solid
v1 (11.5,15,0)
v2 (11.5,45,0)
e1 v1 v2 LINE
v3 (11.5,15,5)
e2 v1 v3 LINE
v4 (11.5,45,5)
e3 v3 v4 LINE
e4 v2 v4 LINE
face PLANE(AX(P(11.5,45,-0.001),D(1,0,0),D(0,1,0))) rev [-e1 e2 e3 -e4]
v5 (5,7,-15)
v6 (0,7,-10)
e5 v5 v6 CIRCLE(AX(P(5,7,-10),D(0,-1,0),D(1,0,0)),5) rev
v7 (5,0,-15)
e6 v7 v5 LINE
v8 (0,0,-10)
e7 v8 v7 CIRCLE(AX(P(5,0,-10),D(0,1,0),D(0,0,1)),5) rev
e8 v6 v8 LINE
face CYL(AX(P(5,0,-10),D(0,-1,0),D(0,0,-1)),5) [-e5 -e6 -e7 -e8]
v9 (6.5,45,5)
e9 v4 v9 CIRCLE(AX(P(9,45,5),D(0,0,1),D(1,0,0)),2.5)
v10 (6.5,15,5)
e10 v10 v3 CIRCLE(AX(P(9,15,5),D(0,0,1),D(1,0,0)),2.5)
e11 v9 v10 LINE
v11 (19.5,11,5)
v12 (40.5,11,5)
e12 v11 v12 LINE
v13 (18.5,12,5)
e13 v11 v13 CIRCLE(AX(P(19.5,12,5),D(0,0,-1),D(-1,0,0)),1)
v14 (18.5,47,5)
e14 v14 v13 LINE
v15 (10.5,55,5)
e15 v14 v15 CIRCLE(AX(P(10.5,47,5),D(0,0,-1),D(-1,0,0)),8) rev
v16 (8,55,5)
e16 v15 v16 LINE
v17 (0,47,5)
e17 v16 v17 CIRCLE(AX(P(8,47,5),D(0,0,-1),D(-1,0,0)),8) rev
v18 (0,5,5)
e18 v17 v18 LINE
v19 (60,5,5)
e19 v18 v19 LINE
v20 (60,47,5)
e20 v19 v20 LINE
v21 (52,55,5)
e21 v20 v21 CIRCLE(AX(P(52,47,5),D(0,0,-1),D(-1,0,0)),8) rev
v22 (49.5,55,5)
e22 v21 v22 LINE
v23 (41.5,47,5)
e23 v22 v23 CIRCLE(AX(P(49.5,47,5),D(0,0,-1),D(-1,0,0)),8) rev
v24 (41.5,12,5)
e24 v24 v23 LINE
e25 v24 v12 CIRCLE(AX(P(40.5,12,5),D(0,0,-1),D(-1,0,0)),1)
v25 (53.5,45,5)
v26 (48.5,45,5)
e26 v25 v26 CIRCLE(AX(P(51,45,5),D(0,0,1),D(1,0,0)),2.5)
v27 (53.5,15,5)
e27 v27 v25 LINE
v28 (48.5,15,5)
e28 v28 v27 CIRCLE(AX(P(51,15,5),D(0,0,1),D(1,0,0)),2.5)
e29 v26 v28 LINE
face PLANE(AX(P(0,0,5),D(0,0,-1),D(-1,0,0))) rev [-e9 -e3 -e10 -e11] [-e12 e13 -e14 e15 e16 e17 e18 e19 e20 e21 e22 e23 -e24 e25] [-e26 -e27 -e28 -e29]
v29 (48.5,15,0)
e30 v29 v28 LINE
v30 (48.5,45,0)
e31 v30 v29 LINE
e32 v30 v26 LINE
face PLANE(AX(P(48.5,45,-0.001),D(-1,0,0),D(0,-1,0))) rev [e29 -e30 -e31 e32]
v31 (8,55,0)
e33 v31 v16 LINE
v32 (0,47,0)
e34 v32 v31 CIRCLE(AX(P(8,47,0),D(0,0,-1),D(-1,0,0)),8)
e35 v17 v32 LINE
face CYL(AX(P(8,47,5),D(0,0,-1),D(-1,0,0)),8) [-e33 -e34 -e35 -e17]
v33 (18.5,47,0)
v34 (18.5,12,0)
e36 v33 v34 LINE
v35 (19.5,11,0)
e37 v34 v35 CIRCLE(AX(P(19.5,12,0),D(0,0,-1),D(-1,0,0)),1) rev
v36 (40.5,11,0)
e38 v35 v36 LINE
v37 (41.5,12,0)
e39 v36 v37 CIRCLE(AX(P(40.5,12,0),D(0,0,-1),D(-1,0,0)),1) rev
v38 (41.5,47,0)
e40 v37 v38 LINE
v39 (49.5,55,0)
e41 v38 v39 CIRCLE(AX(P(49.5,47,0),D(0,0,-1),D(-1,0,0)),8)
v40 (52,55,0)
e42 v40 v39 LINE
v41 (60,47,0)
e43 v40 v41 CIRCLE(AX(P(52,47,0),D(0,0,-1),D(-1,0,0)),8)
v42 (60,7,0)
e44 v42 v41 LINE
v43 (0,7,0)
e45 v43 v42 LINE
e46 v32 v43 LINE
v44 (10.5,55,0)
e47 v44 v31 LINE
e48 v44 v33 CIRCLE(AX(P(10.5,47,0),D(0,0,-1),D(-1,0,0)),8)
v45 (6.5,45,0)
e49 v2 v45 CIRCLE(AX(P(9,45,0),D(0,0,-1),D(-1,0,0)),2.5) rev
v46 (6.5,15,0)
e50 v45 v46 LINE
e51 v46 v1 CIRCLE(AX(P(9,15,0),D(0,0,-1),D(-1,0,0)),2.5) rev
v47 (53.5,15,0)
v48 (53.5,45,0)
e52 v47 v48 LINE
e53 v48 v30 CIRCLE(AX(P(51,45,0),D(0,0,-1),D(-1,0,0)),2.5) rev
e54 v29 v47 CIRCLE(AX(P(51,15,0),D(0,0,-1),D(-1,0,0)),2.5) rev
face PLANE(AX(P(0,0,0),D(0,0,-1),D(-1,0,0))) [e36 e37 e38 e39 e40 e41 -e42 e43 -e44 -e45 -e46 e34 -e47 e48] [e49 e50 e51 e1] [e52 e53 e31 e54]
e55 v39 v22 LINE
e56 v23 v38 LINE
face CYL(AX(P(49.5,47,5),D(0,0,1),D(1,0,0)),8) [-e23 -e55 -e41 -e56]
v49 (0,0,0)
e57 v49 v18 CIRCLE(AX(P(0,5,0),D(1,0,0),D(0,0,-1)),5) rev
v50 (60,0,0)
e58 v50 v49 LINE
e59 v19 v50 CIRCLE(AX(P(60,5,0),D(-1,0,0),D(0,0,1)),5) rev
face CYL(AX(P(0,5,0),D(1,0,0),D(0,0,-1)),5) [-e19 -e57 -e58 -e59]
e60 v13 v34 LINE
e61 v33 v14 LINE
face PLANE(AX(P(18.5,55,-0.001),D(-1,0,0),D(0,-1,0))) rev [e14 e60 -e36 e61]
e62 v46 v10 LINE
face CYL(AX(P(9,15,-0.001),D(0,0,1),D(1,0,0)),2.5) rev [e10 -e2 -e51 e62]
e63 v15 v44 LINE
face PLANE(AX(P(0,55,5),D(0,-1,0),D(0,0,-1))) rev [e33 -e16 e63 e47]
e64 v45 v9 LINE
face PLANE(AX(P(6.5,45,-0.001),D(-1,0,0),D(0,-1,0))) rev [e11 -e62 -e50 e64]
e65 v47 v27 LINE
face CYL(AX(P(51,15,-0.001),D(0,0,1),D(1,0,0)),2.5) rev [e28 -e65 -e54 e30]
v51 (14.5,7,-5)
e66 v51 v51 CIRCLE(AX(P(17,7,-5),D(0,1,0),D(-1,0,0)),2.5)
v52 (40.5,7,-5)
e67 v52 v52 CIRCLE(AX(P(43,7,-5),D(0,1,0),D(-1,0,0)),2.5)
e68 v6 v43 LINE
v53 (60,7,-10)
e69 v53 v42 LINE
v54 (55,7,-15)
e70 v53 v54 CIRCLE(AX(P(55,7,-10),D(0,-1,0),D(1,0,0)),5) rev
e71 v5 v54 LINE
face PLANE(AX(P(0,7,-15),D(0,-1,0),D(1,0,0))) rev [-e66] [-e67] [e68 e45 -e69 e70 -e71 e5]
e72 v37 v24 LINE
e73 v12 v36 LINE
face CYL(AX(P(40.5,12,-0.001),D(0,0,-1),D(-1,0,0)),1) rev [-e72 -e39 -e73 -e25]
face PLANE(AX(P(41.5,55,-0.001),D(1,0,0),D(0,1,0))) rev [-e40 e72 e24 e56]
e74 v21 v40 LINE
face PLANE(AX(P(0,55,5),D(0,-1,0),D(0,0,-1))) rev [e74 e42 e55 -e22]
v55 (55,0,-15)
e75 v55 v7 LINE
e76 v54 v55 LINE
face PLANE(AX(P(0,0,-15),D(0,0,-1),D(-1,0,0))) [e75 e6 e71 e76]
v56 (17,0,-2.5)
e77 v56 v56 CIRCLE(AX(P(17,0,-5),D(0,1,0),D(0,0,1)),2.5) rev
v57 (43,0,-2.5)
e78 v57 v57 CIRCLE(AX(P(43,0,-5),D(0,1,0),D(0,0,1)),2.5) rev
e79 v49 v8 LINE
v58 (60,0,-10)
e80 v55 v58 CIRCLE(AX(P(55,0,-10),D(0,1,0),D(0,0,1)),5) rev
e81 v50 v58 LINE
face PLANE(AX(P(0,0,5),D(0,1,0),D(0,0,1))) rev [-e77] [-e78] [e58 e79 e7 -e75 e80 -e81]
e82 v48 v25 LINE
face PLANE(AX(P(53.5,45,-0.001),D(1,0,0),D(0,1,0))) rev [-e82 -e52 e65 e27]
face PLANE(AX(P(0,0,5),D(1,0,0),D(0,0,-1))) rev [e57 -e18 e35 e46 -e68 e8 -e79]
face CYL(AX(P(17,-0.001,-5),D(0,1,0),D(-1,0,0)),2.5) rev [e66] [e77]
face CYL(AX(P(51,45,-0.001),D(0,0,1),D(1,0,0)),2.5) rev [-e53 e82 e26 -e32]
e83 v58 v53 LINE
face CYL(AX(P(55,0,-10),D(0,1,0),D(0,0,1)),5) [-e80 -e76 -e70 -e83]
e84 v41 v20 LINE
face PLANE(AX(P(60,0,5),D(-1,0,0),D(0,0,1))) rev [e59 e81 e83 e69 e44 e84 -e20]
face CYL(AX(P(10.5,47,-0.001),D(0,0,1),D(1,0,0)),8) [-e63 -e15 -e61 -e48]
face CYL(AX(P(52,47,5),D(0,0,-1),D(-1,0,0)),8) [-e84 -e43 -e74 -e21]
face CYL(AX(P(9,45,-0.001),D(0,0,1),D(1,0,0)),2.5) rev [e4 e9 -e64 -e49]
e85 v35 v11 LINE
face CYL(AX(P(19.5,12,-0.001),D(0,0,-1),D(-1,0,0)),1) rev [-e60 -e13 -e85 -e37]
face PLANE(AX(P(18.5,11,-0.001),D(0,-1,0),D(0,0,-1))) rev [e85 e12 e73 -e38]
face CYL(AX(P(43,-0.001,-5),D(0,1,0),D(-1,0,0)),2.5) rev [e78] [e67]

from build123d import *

# Parameters (mm, degrees)
SKETCH1_W           = 60
SKETCH1_H           = 55
BOSS_EXTRUDE1_DEPTH = 5
CUT_EXTRUDE1_REACH  = 83.548
SKETCH2_W           = 23
SKETCH2_H           = 44
SKETCH3_W           = 60
SKETCH3_H           = 7
BOSS_EXTRUDE2_DEPTH = 15
CUT_EXTRUDE2_REACH  = 80.288
SKETCH4_R           = 2.5
FILLET1_R           = 8
FILLET2_R           = 5
FILLET3_R           = 5
FILLET4_R           = 1


with BuildPart() as part:
    # Sketch1 → Boss-Extrude1 (new body)
    with BuildSketch(Plane.XY):
        with Locations((30, 27.5)):
            Rectangle(SKETCH1_W, SKETCH1_H)
    extrude(amount=BOSS_EXTRUDE1_DEPTH)

    # Sketch2 → Cut-Extrude1 (cut, up to next)
    with BuildSketch(Plane.XY.offset(5), mode=Mode.PRIVATE) as cut_extrude1_sk1:
        with BuildLine():
            Line((11.5, 45), (11.5, 15))
            ThreePointArc((11.5, 15), (9, 12.5), (6.5, 15))
            Line((6.5, 15), (6.5, 45))
            ThreePointArc((6.5, 45), (9, 47.5), (11.5, 45))
        make_face()
    cut_extrude1_tool1 = extrude(cut_extrude1_sk1.sketch, amount=-CUT_EXTRUDE1_REACH, mode=Mode.PRIVATE) & part.part
    # Sketch2 → Cut-Extrude1 (cut, up to next)
    with BuildSketch(Plane.XY.offset(5), mode=Mode.PRIVATE) as cut_extrude1_sk2:
        with BuildLine():
            Line((53.5, 45), (53.5, 15))
            ThreePointArc((53.5, 15), (51, 12.5), (48.5, 15))
            Line((48.5, 15), (48.5, 45))
            ThreePointArc((48.5, 45), (51, 47.5), (53.5, 45))
        make_face()
    cut_extrude1_tool2 = extrude(cut_extrude1_sk2.sketch, amount=-CUT_EXTRUDE1_REACH, mode=Mode.PRIVATE) & part.part
    # Sketch2 → Cut-Extrude1 (cut, up to next)
    with BuildSketch(Plane.XY.offset(5), mode=Mode.PRIVATE) as cut_extrude1_sk3:
        with Locations((30, 33)):
            Rectangle(SKETCH2_W, SKETCH2_H)
    cut_extrude1_tool3 = extrude(cut_extrude1_sk3.sketch, amount=-CUT_EXTRUDE1_REACH, mode=Mode.PRIVATE) & part.part
    add(cut_extrude1_tool1.solids().sort_by_distance((9, 30, 5))[0], mode=Mode.SUBTRACT)
    add(cut_extrude1_tool2.solids().sort_by_distance((51, 30, 5))[0], mode=Mode.SUBTRACT)
    add(cut_extrude1_tool3.solids().sort_by_distance((30, 33, 5))[0], mode=Mode.SUBTRACT)

    # Sketch3 → Boss-Extrude2 (add)
    with BuildSketch(Plane(origin=(0, 0, 0), x_dir=(-1, 0, 0), z_dir=(0, 0, -1))):
        with Locations((-30, 3.5)):
            Rectangle(SKETCH3_W, SKETCH3_H)
    extrude(amount=BOSS_EXTRUDE2_DEPTH)

    # Sketch4 → Cut-Extrude2 (cut, up to next)
    with BuildSketch(Plane(origin=(0, 7, 0), x_dir=(1, 0, 0), z_dir=(0, 1, 0)), mode=Mode.PRIVATE) as cut_extrude2_sk1:
        with Locations(Location((17, 5, 0), (0, 0, 180))):
            Circle(SKETCH4_R)
    cut_extrude2_tool1 = extrude(cut_extrude2_sk1.sketch, amount=-CUT_EXTRUDE2_REACH, mode=Mode.PRIVATE) & part.part
    # Sketch4 → Cut-Extrude2 (cut, up to next)
    with BuildSketch(Plane(origin=(0, 7, 0), x_dir=(1, 0, 0), z_dir=(0, 1, 0)), mode=Mode.PRIVATE) as cut_extrude2_sk2:
        with Locations(Location((43, 5, 0), (0, 0, 180))):
            Circle(SKETCH4_R)
    cut_extrude2_tool2 = extrude(cut_extrude2_sk2.sketch, amount=-CUT_EXTRUDE2_REACH, mode=Mode.PRIVATE) & part.part
    add(cut_extrude2_tool1.solids().sort_by_distance((17, 7, -5))[0], mode=Mode.SUBTRACT)
    add(cut_extrude2_tool2.solids().sort_by_distance((43, 7, -5))[0], mode=Mode.SUBTRACT)

    # Fillet1
    fillet1_edges = [part.edges().sort_by_distance(p)[0] for p in [
        (18.5, 55, 2.5),
        (41.5, 55, 2.5),
        (0, 55, 2.5),
        (60, 55, 2.5),
    ]]
    fillet(fillet1_edges, radius=FILLET1_R)

    # Fillet2
    fillet2_edges = [part.edges().sort_by_distance(p)[0] for p in [
        (0, 3.5, -15),
        (60, 3.5, -15),
    ]]
    fillet(fillet2_edges, radius=FILLET2_R)

    # Fillet3
    fillet3_edges = [part.edges().sort_by_distance(p)[0] for p in [
        (30, 0, 5),
    ]]
    fillet(fillet3_edges, radius=FILLET3_R)

    # Fillet4
    fillet4_edges = [part.edges().sort_by_distance(p)[0] for p in [
        (18.5, 11, 2.5),
        (41.5, 11, 2.5),
    ]]
    fillet(fillet4_edges, radius=FILLET4_R)


solid = part.part
